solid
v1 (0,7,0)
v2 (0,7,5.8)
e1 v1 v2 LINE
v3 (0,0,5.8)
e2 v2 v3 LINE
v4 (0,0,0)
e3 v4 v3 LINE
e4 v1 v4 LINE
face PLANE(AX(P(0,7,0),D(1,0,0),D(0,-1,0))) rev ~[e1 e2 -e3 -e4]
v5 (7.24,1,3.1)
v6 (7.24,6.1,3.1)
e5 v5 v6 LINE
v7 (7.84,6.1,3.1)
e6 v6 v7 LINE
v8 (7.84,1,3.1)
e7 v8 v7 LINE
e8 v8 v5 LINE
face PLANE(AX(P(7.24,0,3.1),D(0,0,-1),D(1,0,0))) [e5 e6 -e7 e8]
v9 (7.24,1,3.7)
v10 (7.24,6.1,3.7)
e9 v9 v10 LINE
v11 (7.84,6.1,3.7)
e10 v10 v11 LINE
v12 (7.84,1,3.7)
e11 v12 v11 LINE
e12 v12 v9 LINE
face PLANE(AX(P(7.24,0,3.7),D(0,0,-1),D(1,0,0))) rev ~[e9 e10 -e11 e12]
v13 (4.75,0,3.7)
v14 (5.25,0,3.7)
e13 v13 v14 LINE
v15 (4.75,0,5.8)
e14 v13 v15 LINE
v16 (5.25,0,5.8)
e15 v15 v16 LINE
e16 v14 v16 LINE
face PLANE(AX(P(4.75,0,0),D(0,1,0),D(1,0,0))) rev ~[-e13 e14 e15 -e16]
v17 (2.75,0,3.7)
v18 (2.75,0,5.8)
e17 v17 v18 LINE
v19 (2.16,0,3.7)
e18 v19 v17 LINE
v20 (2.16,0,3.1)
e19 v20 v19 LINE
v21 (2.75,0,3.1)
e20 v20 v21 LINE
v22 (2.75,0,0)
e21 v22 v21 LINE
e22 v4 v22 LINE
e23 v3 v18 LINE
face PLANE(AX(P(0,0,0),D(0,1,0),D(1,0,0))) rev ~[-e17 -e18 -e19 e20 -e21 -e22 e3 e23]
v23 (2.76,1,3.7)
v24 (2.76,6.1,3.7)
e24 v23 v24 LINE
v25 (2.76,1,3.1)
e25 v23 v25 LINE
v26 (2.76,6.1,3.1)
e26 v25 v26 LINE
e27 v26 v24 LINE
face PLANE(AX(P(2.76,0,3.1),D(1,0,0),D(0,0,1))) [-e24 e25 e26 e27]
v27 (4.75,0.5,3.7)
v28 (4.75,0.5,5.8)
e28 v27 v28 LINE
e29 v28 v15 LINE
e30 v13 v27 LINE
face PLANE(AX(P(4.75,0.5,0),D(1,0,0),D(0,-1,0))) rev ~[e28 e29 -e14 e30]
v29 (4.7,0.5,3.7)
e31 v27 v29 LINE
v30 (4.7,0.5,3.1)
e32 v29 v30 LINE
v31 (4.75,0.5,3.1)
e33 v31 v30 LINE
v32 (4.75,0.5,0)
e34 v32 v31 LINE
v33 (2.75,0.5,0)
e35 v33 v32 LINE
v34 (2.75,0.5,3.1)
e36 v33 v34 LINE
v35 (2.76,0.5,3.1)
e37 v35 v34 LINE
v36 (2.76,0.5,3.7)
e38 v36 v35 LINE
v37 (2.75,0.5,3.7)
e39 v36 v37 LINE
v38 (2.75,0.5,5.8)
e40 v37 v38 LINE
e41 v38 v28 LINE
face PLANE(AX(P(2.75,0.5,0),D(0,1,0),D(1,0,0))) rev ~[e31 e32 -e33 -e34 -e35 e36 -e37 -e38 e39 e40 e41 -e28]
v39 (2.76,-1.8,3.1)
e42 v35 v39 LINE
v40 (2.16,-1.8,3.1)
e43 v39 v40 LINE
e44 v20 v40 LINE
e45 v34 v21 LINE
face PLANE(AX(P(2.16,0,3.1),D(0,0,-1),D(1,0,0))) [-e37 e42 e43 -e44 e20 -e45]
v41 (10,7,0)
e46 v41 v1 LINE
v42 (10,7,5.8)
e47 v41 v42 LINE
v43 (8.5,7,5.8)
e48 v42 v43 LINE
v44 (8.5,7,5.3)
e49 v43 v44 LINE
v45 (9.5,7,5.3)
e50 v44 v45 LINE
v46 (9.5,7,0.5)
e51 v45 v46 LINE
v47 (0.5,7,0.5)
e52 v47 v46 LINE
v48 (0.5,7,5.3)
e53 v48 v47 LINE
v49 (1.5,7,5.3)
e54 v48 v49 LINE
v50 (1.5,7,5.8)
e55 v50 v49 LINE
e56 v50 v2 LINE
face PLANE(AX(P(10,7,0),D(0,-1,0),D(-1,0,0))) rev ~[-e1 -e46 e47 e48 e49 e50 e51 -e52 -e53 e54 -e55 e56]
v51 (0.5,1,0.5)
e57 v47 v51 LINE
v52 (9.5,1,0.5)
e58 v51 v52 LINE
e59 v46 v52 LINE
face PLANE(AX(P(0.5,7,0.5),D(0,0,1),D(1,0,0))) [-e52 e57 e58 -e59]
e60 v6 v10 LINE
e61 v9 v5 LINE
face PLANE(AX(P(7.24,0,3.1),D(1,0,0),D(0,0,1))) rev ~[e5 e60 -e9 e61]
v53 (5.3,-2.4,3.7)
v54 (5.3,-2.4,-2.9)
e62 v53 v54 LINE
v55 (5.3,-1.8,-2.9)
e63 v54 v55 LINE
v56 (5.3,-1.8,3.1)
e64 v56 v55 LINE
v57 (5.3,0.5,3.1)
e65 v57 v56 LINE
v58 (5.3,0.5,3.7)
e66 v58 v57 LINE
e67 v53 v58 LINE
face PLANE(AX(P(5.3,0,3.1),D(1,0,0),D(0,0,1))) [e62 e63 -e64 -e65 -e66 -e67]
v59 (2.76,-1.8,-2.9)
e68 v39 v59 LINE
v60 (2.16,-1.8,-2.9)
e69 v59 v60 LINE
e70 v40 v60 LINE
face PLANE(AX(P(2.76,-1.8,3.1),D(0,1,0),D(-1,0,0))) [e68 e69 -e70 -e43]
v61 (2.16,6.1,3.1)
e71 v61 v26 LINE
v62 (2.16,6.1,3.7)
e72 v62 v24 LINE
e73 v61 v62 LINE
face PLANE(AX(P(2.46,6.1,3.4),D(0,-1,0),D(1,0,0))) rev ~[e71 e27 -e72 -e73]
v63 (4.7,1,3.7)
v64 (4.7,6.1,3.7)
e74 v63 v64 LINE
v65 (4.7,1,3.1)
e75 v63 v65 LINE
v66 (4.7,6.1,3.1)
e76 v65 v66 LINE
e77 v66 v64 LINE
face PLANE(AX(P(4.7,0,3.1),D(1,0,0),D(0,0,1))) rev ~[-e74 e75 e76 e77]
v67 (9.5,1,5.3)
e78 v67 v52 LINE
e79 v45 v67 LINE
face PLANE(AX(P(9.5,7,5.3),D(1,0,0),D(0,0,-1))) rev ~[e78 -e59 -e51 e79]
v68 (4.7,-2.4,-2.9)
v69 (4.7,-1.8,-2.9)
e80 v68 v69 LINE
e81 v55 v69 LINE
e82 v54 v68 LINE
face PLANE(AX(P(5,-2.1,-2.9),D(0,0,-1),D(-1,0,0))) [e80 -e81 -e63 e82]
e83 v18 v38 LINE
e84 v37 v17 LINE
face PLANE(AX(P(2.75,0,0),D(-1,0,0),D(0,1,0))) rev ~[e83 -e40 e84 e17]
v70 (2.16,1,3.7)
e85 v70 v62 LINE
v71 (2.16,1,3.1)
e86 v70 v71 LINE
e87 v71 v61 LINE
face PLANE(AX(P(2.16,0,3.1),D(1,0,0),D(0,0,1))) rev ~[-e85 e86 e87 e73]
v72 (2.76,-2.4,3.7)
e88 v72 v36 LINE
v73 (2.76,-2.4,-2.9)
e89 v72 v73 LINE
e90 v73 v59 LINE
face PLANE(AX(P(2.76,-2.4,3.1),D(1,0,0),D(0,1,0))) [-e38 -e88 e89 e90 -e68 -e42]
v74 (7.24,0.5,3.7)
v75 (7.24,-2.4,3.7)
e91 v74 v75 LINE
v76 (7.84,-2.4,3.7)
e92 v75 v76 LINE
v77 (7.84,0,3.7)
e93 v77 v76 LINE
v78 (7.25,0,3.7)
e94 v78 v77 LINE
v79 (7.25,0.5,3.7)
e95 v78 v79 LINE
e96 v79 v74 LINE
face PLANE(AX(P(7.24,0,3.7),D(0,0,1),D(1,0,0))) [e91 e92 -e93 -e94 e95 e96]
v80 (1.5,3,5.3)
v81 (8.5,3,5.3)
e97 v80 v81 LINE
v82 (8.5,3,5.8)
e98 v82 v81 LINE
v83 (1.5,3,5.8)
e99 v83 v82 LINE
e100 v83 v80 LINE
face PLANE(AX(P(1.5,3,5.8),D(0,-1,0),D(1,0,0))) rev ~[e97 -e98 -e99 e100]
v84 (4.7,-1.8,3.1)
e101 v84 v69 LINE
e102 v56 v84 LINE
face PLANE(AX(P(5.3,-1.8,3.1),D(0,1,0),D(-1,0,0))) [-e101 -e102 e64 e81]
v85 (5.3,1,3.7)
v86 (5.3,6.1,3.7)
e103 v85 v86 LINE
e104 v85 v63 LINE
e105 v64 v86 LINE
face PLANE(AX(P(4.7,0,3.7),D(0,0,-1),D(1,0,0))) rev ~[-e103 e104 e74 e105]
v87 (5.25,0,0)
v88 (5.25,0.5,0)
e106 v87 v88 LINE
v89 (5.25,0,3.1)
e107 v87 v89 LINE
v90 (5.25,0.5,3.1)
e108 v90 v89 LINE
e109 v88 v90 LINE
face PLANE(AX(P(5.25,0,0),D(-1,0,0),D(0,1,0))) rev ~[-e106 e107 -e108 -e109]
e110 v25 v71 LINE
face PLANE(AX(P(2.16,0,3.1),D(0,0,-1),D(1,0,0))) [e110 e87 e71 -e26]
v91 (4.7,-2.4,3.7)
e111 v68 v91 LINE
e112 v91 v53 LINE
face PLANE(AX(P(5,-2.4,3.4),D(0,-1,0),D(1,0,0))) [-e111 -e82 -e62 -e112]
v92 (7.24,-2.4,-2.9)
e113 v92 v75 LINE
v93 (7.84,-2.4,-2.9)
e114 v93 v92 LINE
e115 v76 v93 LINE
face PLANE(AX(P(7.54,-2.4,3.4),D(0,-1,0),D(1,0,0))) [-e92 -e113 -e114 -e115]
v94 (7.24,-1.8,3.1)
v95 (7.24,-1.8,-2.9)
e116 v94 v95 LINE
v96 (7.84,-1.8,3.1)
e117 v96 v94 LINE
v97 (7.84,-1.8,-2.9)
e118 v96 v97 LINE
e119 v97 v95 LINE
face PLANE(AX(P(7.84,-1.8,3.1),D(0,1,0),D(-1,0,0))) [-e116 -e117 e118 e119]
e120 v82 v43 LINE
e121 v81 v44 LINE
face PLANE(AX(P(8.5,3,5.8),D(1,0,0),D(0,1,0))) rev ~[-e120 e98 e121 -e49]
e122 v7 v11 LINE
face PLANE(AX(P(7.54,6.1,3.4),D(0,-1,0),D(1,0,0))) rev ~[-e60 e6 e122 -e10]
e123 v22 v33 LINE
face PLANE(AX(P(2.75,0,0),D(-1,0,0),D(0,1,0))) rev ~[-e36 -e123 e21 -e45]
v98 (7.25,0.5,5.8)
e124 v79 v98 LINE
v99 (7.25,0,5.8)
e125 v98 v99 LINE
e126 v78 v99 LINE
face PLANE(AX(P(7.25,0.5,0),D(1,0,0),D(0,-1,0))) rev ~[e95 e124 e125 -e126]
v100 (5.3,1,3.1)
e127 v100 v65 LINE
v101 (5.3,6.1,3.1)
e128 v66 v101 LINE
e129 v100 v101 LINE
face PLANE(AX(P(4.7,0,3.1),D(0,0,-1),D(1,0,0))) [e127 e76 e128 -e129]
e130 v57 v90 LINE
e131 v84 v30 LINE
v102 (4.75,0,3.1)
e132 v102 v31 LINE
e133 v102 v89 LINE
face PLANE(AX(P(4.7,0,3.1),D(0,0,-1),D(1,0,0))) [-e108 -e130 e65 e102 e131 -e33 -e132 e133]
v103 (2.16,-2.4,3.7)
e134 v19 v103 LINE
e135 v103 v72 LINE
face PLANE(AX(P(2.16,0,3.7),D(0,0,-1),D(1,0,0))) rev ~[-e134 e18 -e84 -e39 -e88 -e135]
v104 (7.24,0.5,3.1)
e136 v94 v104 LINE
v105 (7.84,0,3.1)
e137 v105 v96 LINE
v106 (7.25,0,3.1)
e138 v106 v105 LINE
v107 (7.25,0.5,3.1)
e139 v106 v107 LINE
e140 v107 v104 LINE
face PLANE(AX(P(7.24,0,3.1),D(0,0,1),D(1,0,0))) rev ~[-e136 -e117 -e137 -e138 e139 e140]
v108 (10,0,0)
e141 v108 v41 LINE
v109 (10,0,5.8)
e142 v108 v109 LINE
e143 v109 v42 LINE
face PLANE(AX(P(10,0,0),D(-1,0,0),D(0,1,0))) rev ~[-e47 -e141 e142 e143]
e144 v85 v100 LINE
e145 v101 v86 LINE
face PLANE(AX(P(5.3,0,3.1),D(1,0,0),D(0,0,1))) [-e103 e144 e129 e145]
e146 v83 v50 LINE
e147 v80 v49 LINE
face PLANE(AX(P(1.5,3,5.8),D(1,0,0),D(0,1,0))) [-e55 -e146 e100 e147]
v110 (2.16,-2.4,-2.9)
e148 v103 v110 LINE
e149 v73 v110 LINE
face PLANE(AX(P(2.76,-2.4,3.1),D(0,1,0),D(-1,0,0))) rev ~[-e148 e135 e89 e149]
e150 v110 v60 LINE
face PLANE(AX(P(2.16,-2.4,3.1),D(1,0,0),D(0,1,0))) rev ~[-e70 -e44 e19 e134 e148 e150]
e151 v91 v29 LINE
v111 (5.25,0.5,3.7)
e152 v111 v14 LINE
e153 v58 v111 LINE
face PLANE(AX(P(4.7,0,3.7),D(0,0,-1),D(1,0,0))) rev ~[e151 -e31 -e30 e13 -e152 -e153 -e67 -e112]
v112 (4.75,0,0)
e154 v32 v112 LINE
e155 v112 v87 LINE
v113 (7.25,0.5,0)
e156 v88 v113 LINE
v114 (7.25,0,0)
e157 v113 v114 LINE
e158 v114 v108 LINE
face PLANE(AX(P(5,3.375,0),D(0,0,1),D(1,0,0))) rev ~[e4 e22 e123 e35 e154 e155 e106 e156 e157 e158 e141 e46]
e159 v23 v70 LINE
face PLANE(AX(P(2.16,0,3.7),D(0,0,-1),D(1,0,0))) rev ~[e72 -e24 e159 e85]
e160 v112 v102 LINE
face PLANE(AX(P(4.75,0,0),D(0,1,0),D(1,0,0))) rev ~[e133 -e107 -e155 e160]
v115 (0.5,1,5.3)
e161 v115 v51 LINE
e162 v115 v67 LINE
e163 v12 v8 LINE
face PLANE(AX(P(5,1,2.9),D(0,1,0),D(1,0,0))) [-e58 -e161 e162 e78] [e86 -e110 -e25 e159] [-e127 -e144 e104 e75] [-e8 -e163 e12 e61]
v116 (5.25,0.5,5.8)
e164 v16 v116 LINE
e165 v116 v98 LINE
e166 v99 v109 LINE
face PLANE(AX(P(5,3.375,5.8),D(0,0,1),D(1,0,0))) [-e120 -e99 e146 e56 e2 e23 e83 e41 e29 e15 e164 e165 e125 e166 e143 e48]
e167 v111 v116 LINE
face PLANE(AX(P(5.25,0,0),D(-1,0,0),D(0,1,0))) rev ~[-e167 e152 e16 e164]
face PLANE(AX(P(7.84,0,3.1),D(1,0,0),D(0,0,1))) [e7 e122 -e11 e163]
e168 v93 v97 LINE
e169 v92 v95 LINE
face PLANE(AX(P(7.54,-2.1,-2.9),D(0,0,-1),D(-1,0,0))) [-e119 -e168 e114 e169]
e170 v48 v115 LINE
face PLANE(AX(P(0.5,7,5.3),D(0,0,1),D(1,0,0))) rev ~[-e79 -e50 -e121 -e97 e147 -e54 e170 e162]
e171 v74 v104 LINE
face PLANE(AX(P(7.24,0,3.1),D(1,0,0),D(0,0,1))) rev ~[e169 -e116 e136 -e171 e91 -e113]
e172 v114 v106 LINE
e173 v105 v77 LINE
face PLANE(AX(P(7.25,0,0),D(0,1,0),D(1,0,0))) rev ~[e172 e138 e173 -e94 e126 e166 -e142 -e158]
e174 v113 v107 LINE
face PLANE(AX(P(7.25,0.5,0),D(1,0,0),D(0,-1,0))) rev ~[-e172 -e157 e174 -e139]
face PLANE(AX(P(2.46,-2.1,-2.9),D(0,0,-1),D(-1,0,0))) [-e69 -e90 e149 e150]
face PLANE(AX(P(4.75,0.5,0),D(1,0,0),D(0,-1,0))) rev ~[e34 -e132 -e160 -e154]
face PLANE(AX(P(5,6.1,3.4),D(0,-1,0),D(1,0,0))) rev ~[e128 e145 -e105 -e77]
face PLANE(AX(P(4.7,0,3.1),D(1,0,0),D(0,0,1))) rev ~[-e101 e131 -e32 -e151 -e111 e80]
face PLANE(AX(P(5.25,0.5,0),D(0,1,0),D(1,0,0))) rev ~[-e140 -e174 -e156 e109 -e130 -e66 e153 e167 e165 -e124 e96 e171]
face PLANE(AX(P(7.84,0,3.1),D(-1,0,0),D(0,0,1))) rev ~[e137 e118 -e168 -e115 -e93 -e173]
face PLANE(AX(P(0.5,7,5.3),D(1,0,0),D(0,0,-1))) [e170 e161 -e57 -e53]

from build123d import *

# Parameters (mm, degrees)
EXTRUDE_1_DEPTH      = 5.8
SKETCH_2_W           = 9
SKETCH_2_H           = 4.8
CUT_EXTRUDE_1_DEPTH  = 6
SKETCH_3_W           = 0.6
SKETCH_3_H           = 0.6
EXTRUDE_2_DEPTH      = 2.4
EXTRUDE_2_DEPTH_BACK = 6.1
SKETCH_5_W           = 7
SKETCH_5_H           = 4
CUT_EXTRUDE_2_DEPTH  = 1
SKETCH_6_W           = 0.6
SKETCH_6_H           = 0.6
EXTRUDE_3_DEPTH      = 6


with BuildPart() as part:
    # 草图1 → 凸台-拉伸1 (new body)
    with BuildSketch(Plane.XY):
        Polygon((2.75, 0), (2.75, 0.5), (4.75, 0.5), (4.75, 0), (5.25, 0), (5.25, 0.5), (7.25, 0.5), (7.25, 0), (10, 0), (10, 7), (0, 7), (0, 0), align=None)
    extrude(amount=EXTRUDE_1_DEPTH)

    # 草图2 → 切除-拉伸1 (cut)
    with BuildSketch(Plane(origin=(0, 7, 0), x_dir=(1, 0, 0), z_dir=(0, 1, 0))):
        with Locations((5, -2.9)):
            Rectangle(SKETCH_2_W, SKETCH_2_H)
    extrude(amount=-CUT_EXTRUDE_1_DEPTH, mode=Mode.SUBTRACT)

    # 草图3 → 凸台-拉伸2 (add, two sides)
    with BuildSketch(Plane.XZ) as extrude_2_sk:
        with Locations((2.46, 3.4)):
            Rectangle(SKETCH_3_W, SKETCH_3_H)
        with Locations((5, 3.4)):
            Rectangle(SKETCH_3_W, SKETCH_3_H)
        with Locations((7.54, 3.4)):
            Rectangle(SKETCH_3_W, SKETCH_3_H)
    extrude(amount=EXTRUDE_2_DEPTH)
    extrude(extrude_2_sk.sketch, amount=-EXTRUDE_2_DEPTH_BACK)

    # 草图5 → 切除-拉伸2 (cut)
    with BuildSketch(Plane.XY.offset(5.8)):
        with Locations((5, 5)):
            Rectangle(SKETCH_5_W, SKETCH_5_H)
    extrude(amount=-CUT_EXTRUDE_2_DEPTH, mode=Mode.SUBTRACT)

    # 草图6 → 凸台-拉伸3 (add)
    with BuildSketch(Plane(origin=(0, 0, 3.1), x_dir=(-1, 0, 0), z_dir=(0, 0, -1))):
        with Locations((-2.46, -2.1)):
            Rectangle(SKETCH_6_W, SKETCH_6_H)
        with Locations((-5, -2.1)):
            Rectangle(SKETCH_6_W, SKETCH_6_H)
        with Locations((-7.54, -2.1)):
            Rectangle(SKETCH_6_W, SKETCH_6_H)
    extrude(amount=EXTRUDE_3_DEPTH)


solid = part.part
